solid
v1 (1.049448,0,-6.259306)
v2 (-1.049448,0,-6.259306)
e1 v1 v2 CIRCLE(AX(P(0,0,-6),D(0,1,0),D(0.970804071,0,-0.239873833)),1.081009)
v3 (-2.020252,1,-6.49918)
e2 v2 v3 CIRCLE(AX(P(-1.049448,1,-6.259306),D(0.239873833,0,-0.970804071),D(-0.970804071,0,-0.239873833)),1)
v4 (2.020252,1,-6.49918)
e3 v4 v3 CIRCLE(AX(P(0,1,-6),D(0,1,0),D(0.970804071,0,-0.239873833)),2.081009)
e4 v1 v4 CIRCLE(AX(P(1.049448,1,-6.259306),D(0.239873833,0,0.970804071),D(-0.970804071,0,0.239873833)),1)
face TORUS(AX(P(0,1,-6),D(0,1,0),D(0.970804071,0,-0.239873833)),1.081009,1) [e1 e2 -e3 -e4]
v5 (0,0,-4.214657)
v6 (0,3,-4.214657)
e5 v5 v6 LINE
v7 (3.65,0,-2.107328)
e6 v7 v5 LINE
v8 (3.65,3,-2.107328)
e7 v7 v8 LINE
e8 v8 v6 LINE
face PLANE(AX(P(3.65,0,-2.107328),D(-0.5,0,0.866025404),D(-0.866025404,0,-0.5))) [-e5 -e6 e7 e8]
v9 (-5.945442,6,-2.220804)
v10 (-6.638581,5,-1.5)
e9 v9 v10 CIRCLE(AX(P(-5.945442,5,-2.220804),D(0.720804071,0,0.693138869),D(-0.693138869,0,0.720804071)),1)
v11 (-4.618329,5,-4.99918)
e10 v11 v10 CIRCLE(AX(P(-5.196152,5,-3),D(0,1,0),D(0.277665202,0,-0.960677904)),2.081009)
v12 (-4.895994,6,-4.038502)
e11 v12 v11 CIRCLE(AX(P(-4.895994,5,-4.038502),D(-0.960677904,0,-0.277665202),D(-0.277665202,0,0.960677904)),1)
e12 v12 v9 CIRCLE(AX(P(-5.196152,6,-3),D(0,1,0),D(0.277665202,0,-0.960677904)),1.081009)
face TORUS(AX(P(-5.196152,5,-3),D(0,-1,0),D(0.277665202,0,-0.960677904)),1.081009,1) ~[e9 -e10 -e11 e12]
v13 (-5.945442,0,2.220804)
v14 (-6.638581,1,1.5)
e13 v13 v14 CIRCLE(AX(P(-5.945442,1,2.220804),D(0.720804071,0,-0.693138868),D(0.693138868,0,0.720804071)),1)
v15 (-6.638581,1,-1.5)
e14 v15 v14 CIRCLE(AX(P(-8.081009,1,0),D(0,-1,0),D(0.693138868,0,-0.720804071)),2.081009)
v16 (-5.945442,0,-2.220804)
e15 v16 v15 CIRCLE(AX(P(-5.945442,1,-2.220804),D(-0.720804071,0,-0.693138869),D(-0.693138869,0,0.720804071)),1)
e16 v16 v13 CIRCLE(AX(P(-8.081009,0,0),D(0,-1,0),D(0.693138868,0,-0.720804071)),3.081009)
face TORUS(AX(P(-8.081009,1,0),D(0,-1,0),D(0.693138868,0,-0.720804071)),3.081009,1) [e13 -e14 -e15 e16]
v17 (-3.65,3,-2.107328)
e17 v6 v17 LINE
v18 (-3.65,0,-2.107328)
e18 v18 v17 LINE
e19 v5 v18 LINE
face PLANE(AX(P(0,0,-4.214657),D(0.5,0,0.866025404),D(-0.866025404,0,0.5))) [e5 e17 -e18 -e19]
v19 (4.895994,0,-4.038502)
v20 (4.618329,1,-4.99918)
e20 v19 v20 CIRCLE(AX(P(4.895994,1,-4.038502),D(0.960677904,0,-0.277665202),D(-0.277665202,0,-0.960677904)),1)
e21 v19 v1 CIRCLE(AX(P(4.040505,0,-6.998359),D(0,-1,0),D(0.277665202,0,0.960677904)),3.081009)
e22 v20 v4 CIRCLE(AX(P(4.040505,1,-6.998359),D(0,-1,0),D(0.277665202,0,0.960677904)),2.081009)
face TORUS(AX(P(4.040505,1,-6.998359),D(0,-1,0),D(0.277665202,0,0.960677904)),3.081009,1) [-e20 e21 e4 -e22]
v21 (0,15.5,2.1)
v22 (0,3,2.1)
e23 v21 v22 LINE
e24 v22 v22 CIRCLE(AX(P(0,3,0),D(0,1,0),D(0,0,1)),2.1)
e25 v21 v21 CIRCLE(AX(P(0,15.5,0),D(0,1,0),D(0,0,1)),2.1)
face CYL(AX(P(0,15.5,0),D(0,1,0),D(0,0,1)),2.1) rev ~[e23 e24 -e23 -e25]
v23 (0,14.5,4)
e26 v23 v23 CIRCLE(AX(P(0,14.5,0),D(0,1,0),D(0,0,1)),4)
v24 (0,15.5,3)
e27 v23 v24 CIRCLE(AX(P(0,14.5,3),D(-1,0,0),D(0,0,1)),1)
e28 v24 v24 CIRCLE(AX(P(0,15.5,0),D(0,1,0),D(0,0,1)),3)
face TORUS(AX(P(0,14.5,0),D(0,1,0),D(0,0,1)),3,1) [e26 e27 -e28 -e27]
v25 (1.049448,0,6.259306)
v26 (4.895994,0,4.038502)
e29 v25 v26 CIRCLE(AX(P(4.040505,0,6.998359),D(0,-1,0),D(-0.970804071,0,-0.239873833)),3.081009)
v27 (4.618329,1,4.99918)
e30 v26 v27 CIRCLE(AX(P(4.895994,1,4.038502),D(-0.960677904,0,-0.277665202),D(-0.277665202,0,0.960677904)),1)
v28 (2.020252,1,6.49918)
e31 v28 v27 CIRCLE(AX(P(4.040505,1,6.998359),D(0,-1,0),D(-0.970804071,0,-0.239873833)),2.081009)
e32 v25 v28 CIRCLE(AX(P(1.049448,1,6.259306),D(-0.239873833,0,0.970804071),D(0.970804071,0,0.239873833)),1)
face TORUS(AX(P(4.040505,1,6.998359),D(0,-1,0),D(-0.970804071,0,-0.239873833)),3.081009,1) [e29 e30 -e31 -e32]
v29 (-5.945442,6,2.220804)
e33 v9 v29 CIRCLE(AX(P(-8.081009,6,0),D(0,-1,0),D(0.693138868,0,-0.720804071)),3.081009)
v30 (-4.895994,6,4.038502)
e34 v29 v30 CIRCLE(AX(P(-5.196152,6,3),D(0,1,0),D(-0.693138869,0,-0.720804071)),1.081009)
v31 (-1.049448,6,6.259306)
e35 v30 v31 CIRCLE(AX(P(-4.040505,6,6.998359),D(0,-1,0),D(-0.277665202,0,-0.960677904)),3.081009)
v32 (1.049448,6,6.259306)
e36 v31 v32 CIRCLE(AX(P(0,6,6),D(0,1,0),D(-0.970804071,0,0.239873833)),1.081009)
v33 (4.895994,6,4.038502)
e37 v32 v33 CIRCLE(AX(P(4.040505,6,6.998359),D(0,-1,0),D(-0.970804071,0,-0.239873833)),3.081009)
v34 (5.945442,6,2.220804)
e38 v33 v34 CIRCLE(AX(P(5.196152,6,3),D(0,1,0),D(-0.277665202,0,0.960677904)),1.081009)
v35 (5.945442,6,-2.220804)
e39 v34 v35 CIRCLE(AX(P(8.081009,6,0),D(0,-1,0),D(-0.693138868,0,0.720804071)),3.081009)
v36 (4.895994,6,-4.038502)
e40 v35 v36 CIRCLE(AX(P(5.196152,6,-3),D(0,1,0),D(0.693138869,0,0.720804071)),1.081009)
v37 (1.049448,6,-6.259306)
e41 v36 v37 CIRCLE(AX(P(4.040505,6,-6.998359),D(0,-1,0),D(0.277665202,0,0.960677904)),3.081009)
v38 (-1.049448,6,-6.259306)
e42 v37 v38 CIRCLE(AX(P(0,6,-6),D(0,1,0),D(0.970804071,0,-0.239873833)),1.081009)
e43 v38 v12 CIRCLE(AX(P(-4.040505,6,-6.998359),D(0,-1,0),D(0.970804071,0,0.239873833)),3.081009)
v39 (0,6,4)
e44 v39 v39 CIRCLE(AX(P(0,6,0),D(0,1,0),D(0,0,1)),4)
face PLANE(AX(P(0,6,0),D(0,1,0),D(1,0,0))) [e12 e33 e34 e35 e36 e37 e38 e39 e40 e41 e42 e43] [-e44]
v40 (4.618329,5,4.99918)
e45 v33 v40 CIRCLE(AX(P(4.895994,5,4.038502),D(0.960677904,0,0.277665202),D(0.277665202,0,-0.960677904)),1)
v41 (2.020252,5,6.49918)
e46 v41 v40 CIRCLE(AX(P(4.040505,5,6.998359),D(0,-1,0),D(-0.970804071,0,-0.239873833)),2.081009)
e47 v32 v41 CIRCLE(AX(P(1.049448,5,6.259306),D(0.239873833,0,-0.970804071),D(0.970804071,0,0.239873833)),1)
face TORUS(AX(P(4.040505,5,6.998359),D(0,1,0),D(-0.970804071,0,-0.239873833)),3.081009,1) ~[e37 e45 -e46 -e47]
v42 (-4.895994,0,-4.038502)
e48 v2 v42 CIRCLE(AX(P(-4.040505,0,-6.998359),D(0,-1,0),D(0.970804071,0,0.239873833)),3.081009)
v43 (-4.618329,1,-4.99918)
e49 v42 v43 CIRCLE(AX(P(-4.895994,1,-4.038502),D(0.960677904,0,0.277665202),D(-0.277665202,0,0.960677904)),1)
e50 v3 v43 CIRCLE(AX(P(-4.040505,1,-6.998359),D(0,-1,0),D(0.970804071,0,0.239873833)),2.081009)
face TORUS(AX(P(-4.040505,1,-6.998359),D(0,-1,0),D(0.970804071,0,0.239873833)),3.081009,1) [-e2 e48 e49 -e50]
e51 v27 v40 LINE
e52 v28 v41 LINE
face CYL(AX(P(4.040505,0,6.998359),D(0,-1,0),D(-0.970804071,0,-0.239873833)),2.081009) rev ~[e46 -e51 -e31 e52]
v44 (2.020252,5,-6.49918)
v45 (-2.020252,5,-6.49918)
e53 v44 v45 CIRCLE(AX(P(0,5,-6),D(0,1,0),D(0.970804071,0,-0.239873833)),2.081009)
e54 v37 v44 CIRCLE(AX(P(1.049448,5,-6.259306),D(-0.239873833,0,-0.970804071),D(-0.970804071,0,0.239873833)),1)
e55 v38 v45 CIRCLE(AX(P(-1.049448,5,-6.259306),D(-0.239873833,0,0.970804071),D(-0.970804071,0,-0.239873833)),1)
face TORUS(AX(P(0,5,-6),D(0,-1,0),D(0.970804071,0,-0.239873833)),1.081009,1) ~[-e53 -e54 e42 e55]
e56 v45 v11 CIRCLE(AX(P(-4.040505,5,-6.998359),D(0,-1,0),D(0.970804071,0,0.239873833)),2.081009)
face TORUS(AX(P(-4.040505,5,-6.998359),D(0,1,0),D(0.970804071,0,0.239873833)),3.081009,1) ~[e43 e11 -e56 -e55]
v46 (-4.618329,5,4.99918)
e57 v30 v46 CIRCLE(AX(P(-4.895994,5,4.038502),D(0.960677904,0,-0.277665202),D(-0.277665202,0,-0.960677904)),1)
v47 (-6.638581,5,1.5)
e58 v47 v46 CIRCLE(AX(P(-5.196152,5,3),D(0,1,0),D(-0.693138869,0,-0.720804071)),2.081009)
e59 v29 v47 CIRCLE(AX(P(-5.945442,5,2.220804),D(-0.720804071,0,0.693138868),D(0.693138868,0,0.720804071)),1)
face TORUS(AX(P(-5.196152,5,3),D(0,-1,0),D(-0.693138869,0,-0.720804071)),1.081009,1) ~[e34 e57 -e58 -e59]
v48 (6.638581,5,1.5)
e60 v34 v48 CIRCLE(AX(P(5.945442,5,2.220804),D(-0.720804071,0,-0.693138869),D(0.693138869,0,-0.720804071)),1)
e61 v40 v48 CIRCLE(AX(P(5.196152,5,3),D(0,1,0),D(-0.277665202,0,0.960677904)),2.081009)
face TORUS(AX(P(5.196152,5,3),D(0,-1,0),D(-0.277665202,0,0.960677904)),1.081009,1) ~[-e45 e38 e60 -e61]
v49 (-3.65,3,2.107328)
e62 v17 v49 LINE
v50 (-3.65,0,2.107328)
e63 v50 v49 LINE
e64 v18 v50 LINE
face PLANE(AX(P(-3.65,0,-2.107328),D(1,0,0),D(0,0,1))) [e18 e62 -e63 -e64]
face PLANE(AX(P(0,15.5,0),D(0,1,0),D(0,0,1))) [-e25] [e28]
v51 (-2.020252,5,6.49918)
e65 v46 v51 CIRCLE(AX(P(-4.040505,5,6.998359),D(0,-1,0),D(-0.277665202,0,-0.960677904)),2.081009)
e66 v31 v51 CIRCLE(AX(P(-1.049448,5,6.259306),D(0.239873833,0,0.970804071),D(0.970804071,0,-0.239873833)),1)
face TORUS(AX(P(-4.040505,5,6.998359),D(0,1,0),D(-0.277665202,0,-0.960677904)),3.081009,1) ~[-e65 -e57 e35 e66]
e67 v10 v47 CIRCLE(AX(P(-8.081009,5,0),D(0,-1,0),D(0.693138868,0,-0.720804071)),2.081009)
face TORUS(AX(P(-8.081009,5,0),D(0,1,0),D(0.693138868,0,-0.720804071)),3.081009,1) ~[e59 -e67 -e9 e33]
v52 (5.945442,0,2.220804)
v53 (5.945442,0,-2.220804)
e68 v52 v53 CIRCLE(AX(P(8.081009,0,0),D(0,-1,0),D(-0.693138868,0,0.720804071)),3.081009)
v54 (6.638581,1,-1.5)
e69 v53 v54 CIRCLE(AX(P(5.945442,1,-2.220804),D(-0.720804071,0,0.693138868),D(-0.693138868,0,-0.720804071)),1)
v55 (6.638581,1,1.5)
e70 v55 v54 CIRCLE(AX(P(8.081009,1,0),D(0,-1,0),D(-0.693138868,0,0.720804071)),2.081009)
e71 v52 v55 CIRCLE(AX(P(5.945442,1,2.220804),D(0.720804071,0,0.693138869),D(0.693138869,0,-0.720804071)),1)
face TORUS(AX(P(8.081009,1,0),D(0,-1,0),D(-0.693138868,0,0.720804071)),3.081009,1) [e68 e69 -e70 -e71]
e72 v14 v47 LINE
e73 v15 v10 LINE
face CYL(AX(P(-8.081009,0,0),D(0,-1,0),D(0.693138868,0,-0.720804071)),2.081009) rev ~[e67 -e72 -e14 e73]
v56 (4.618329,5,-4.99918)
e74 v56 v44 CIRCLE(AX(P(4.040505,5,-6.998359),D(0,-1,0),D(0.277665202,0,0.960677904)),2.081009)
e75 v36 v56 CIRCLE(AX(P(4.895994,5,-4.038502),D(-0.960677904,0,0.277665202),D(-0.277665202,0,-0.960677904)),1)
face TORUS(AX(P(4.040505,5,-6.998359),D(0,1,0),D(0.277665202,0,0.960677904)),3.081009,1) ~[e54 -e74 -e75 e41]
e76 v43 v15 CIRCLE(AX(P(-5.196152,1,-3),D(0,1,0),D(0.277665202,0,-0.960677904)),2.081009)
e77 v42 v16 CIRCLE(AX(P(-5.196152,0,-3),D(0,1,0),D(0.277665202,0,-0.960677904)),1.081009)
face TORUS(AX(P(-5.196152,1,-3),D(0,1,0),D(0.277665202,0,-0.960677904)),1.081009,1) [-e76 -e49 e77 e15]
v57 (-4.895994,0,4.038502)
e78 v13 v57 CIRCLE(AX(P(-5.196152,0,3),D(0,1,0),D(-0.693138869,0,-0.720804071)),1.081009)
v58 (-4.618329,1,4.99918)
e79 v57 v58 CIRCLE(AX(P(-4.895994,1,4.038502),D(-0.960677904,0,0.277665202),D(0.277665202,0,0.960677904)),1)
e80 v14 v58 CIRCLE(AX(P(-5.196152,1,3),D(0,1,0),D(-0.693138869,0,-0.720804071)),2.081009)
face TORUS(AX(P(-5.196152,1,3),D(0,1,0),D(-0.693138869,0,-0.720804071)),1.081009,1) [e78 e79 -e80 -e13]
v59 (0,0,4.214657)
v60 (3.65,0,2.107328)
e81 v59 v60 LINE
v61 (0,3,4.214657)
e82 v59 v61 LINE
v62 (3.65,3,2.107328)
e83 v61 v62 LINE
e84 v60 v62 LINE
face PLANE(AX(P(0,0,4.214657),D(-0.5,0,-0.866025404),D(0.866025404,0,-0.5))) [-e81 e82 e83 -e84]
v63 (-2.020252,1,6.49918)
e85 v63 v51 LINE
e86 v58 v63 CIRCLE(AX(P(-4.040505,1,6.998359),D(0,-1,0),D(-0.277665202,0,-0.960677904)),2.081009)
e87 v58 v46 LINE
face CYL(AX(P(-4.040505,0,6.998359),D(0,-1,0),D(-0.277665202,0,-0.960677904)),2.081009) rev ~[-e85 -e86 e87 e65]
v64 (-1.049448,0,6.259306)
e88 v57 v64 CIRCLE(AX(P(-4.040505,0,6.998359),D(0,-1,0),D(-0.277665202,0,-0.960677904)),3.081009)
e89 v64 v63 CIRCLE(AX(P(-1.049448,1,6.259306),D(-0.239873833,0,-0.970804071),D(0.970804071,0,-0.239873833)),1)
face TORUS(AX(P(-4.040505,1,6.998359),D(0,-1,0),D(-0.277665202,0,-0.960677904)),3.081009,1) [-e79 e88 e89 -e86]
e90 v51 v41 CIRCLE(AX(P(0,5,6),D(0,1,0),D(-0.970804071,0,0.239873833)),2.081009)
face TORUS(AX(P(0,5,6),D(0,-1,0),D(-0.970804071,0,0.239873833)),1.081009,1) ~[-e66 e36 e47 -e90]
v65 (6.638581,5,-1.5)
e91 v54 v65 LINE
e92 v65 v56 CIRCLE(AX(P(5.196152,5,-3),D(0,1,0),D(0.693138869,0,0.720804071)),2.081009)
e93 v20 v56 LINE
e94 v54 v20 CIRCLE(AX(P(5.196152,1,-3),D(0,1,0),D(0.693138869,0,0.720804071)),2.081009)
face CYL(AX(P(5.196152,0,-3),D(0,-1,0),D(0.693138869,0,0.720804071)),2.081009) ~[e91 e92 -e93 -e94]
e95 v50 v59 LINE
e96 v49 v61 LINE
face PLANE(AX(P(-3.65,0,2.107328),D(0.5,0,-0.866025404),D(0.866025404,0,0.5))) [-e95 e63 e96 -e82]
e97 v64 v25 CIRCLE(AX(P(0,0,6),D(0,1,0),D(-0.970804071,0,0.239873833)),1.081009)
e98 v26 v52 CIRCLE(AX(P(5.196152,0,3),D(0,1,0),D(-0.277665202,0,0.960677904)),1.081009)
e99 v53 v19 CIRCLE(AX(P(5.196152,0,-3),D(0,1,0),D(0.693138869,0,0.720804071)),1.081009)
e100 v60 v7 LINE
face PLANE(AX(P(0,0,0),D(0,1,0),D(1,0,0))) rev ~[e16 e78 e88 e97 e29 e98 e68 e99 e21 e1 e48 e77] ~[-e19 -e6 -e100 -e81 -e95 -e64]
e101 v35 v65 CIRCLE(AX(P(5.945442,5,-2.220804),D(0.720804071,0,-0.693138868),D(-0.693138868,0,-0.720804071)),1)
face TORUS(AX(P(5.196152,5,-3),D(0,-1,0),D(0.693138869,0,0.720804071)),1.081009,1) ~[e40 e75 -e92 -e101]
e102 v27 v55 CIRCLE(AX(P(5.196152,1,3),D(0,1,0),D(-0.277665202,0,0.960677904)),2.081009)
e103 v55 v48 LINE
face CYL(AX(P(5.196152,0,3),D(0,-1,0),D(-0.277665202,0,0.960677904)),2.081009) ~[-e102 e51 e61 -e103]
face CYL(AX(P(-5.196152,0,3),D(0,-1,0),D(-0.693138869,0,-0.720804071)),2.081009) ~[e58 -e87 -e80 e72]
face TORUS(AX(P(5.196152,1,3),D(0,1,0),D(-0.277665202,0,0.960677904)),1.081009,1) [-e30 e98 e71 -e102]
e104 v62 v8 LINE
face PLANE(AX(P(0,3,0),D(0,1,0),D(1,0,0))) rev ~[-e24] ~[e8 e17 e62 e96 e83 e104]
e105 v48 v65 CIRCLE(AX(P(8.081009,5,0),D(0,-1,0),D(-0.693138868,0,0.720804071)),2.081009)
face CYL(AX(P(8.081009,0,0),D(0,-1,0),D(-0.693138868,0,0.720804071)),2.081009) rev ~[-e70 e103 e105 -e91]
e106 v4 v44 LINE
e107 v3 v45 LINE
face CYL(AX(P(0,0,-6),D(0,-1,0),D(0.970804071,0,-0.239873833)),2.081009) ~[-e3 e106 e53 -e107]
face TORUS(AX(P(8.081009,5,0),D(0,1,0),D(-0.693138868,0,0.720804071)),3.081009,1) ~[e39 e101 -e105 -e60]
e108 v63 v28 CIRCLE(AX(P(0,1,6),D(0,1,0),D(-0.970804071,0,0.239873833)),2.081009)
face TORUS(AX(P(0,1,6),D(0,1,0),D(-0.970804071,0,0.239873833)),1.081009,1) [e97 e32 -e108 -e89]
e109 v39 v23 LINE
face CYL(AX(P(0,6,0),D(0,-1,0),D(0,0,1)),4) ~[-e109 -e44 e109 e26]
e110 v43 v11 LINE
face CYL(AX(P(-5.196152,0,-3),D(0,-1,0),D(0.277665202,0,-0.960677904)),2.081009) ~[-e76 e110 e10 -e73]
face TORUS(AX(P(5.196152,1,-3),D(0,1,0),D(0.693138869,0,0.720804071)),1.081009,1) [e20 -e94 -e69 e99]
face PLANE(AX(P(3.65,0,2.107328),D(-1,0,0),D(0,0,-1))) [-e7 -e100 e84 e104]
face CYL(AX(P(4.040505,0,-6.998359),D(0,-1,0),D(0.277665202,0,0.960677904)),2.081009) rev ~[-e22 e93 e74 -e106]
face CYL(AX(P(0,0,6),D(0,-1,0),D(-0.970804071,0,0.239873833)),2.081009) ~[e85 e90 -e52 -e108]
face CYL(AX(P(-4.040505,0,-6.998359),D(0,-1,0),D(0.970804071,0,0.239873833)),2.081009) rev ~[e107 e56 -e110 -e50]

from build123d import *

# Parameters (mm, degrees)
EXTRUDE_1_DEPTH     = 6
SKETCH_2_R          = 4
EXTRUDE_2_DEPTH     = 9.5
SKETCH_3_R          = 2.1
CUT_EXTRUDE_1_DEPTH = 19.93435489
CUT_EXTRUDE_2_DEPTH = 3
FILLET_1_R          = 1


with BuildPart() as part:
    # Эскиз1 → Бобышка-Вытянуть1 (new body)
    with BuildSketch(Plane(origin=(0, 0, 0), x_dir=(1, 0, 0), z_dir=(0, 1, 0))):
        with BuildLine():
            ThreePointArc((2.020252334, 6.499179686), (0, 8.081009335), (-2.020252334, 6.499179686))
            ThreePointArc((-2.020252334, 6.499179686), (-3, 5.196152423), (-4.618328545, 4.999179686))
            ThreePointArc((-4.618328545, 4.999179686), (-6.998359372, 4.040504667), (-6.638580879, 1.5))
            ThreePointArc((-6.638580879, 1.5), (-6, 0), (-6.638580879, -1.5))
            ThreePointArc((-6.638580879, -1.5), (-6.998359372, -4.040504667), (-4.618328545, -4.999179686))
            ThreePointArc((-4.618328545, -4.999179686), (-3, -5.196152423), (-2.020252334, -6.499179686))
            ThreePointArc((-2.020252334, -6.499179686), (0, -8.081009335), (2.020252334, -6.499179686))
            ThreePointArc((2.020252334, -6.499179686), (3, -5.196152423), (4.618328545, -4.999179686))
            ThreePointArc((4.618328545, -4.999179686), (6.998359372, -4.040504667), (6.638580879, -1.5))
            ThreePointArc((6.638580879, -1.5), (6, 0), (6.638580879, 1.5))
            ThreePointArc((6.638580879, 1.5), (6.998359372, 4.040504667), (4.618328545, 4.999179686))
            ThreePointArc((4.618328545, 4.999179686), (3, 5.196152423), (2.020252334, 6.499179686))
        make_face()
    extrude(amount=EXTRUDE_1_DEPTH)

    # Эскиз2 → Бобышка-Вытянуть2 (add)
    with BuildSketch(Plane(origin=(0, 6, 0), x_dir=(1, 0, 0), z_dir=(0, 1, 0))):
        Circle(SKETCH_2_R)
    extrude(amount=EXTRUDE_2_DEPTH)

    # Эскиз3 → Вырез-Вытянуть1 (cut, through all)
    with BuildSketch(Plane(origin=(0, 15.5, 0), x_dir=(1, 0, 0), z_dir=(0, 1, 0))):
        Circle(SKETCH_3_R)
    extrude(amount=-CUT_EXTRUDE_1_DEPTH, mode=Mode.SUBTRACT)

    # Эскиз1<3> → Вырез-Вытянуть2 (cut)
    with BuildSketch(Plane(origin=(0, 0, 0), x_dir=(1, 0, 0), z_dir=(0, 1, 0))):
        Polygon((0, 4.214656965), (-3.65, 2.107328483), (-3.65, -2.107328483), (0, -4.214656965), (3.65, -2.107328483), (3.65, 2.107328483), align=None)
    extrude(amount=CUT_EXTRUDE_2_DEPTH, mode=Mode.SUBTRACT)

    # Скругление1
    fillet_1_edges = [part.edges().sort_by_distance(p)[0] for p in [
        (-3, 6, 5.196152423),
        (-6.998359372, 6, 4.040504667),
        (-6, 6, 0),
        (-6.998359372, 6, -4.040504667),
        (-3, 6, -5.196152423),
        (0, 6, -8.081009335),
        (3, 6, -5.196152423),
        (6.998359372, 6, -4.040504667),
        (6, 6, 0),
        (6.998359372, 6, 4.040504667),
        (3, 6, 5.196152423),
        (-3, 0, 5.196152423),
        (-6.998359372, 0, 4.040504667),
        (-6, 0, 0),
        (-6.998359372, 0, -4.040504667),
        (-3, 0, -5.196152423),
        (0, 0, -8.081009335),
        (3, 0, -5.196152423),
        (6.998359372, 0, -4.040504667),
        (6, 0, 0),
        (6.998359372, 0, 4.040504667),
        (3, 0, 5.196152423),
        (-4, 15.5, 0),
        (0, 6, 8.081009335),
        (0, 0, 8.081009335),
    ]]
    fillet(fillet_1_edges, radius=FILLET_1_R)


solid = part.part
